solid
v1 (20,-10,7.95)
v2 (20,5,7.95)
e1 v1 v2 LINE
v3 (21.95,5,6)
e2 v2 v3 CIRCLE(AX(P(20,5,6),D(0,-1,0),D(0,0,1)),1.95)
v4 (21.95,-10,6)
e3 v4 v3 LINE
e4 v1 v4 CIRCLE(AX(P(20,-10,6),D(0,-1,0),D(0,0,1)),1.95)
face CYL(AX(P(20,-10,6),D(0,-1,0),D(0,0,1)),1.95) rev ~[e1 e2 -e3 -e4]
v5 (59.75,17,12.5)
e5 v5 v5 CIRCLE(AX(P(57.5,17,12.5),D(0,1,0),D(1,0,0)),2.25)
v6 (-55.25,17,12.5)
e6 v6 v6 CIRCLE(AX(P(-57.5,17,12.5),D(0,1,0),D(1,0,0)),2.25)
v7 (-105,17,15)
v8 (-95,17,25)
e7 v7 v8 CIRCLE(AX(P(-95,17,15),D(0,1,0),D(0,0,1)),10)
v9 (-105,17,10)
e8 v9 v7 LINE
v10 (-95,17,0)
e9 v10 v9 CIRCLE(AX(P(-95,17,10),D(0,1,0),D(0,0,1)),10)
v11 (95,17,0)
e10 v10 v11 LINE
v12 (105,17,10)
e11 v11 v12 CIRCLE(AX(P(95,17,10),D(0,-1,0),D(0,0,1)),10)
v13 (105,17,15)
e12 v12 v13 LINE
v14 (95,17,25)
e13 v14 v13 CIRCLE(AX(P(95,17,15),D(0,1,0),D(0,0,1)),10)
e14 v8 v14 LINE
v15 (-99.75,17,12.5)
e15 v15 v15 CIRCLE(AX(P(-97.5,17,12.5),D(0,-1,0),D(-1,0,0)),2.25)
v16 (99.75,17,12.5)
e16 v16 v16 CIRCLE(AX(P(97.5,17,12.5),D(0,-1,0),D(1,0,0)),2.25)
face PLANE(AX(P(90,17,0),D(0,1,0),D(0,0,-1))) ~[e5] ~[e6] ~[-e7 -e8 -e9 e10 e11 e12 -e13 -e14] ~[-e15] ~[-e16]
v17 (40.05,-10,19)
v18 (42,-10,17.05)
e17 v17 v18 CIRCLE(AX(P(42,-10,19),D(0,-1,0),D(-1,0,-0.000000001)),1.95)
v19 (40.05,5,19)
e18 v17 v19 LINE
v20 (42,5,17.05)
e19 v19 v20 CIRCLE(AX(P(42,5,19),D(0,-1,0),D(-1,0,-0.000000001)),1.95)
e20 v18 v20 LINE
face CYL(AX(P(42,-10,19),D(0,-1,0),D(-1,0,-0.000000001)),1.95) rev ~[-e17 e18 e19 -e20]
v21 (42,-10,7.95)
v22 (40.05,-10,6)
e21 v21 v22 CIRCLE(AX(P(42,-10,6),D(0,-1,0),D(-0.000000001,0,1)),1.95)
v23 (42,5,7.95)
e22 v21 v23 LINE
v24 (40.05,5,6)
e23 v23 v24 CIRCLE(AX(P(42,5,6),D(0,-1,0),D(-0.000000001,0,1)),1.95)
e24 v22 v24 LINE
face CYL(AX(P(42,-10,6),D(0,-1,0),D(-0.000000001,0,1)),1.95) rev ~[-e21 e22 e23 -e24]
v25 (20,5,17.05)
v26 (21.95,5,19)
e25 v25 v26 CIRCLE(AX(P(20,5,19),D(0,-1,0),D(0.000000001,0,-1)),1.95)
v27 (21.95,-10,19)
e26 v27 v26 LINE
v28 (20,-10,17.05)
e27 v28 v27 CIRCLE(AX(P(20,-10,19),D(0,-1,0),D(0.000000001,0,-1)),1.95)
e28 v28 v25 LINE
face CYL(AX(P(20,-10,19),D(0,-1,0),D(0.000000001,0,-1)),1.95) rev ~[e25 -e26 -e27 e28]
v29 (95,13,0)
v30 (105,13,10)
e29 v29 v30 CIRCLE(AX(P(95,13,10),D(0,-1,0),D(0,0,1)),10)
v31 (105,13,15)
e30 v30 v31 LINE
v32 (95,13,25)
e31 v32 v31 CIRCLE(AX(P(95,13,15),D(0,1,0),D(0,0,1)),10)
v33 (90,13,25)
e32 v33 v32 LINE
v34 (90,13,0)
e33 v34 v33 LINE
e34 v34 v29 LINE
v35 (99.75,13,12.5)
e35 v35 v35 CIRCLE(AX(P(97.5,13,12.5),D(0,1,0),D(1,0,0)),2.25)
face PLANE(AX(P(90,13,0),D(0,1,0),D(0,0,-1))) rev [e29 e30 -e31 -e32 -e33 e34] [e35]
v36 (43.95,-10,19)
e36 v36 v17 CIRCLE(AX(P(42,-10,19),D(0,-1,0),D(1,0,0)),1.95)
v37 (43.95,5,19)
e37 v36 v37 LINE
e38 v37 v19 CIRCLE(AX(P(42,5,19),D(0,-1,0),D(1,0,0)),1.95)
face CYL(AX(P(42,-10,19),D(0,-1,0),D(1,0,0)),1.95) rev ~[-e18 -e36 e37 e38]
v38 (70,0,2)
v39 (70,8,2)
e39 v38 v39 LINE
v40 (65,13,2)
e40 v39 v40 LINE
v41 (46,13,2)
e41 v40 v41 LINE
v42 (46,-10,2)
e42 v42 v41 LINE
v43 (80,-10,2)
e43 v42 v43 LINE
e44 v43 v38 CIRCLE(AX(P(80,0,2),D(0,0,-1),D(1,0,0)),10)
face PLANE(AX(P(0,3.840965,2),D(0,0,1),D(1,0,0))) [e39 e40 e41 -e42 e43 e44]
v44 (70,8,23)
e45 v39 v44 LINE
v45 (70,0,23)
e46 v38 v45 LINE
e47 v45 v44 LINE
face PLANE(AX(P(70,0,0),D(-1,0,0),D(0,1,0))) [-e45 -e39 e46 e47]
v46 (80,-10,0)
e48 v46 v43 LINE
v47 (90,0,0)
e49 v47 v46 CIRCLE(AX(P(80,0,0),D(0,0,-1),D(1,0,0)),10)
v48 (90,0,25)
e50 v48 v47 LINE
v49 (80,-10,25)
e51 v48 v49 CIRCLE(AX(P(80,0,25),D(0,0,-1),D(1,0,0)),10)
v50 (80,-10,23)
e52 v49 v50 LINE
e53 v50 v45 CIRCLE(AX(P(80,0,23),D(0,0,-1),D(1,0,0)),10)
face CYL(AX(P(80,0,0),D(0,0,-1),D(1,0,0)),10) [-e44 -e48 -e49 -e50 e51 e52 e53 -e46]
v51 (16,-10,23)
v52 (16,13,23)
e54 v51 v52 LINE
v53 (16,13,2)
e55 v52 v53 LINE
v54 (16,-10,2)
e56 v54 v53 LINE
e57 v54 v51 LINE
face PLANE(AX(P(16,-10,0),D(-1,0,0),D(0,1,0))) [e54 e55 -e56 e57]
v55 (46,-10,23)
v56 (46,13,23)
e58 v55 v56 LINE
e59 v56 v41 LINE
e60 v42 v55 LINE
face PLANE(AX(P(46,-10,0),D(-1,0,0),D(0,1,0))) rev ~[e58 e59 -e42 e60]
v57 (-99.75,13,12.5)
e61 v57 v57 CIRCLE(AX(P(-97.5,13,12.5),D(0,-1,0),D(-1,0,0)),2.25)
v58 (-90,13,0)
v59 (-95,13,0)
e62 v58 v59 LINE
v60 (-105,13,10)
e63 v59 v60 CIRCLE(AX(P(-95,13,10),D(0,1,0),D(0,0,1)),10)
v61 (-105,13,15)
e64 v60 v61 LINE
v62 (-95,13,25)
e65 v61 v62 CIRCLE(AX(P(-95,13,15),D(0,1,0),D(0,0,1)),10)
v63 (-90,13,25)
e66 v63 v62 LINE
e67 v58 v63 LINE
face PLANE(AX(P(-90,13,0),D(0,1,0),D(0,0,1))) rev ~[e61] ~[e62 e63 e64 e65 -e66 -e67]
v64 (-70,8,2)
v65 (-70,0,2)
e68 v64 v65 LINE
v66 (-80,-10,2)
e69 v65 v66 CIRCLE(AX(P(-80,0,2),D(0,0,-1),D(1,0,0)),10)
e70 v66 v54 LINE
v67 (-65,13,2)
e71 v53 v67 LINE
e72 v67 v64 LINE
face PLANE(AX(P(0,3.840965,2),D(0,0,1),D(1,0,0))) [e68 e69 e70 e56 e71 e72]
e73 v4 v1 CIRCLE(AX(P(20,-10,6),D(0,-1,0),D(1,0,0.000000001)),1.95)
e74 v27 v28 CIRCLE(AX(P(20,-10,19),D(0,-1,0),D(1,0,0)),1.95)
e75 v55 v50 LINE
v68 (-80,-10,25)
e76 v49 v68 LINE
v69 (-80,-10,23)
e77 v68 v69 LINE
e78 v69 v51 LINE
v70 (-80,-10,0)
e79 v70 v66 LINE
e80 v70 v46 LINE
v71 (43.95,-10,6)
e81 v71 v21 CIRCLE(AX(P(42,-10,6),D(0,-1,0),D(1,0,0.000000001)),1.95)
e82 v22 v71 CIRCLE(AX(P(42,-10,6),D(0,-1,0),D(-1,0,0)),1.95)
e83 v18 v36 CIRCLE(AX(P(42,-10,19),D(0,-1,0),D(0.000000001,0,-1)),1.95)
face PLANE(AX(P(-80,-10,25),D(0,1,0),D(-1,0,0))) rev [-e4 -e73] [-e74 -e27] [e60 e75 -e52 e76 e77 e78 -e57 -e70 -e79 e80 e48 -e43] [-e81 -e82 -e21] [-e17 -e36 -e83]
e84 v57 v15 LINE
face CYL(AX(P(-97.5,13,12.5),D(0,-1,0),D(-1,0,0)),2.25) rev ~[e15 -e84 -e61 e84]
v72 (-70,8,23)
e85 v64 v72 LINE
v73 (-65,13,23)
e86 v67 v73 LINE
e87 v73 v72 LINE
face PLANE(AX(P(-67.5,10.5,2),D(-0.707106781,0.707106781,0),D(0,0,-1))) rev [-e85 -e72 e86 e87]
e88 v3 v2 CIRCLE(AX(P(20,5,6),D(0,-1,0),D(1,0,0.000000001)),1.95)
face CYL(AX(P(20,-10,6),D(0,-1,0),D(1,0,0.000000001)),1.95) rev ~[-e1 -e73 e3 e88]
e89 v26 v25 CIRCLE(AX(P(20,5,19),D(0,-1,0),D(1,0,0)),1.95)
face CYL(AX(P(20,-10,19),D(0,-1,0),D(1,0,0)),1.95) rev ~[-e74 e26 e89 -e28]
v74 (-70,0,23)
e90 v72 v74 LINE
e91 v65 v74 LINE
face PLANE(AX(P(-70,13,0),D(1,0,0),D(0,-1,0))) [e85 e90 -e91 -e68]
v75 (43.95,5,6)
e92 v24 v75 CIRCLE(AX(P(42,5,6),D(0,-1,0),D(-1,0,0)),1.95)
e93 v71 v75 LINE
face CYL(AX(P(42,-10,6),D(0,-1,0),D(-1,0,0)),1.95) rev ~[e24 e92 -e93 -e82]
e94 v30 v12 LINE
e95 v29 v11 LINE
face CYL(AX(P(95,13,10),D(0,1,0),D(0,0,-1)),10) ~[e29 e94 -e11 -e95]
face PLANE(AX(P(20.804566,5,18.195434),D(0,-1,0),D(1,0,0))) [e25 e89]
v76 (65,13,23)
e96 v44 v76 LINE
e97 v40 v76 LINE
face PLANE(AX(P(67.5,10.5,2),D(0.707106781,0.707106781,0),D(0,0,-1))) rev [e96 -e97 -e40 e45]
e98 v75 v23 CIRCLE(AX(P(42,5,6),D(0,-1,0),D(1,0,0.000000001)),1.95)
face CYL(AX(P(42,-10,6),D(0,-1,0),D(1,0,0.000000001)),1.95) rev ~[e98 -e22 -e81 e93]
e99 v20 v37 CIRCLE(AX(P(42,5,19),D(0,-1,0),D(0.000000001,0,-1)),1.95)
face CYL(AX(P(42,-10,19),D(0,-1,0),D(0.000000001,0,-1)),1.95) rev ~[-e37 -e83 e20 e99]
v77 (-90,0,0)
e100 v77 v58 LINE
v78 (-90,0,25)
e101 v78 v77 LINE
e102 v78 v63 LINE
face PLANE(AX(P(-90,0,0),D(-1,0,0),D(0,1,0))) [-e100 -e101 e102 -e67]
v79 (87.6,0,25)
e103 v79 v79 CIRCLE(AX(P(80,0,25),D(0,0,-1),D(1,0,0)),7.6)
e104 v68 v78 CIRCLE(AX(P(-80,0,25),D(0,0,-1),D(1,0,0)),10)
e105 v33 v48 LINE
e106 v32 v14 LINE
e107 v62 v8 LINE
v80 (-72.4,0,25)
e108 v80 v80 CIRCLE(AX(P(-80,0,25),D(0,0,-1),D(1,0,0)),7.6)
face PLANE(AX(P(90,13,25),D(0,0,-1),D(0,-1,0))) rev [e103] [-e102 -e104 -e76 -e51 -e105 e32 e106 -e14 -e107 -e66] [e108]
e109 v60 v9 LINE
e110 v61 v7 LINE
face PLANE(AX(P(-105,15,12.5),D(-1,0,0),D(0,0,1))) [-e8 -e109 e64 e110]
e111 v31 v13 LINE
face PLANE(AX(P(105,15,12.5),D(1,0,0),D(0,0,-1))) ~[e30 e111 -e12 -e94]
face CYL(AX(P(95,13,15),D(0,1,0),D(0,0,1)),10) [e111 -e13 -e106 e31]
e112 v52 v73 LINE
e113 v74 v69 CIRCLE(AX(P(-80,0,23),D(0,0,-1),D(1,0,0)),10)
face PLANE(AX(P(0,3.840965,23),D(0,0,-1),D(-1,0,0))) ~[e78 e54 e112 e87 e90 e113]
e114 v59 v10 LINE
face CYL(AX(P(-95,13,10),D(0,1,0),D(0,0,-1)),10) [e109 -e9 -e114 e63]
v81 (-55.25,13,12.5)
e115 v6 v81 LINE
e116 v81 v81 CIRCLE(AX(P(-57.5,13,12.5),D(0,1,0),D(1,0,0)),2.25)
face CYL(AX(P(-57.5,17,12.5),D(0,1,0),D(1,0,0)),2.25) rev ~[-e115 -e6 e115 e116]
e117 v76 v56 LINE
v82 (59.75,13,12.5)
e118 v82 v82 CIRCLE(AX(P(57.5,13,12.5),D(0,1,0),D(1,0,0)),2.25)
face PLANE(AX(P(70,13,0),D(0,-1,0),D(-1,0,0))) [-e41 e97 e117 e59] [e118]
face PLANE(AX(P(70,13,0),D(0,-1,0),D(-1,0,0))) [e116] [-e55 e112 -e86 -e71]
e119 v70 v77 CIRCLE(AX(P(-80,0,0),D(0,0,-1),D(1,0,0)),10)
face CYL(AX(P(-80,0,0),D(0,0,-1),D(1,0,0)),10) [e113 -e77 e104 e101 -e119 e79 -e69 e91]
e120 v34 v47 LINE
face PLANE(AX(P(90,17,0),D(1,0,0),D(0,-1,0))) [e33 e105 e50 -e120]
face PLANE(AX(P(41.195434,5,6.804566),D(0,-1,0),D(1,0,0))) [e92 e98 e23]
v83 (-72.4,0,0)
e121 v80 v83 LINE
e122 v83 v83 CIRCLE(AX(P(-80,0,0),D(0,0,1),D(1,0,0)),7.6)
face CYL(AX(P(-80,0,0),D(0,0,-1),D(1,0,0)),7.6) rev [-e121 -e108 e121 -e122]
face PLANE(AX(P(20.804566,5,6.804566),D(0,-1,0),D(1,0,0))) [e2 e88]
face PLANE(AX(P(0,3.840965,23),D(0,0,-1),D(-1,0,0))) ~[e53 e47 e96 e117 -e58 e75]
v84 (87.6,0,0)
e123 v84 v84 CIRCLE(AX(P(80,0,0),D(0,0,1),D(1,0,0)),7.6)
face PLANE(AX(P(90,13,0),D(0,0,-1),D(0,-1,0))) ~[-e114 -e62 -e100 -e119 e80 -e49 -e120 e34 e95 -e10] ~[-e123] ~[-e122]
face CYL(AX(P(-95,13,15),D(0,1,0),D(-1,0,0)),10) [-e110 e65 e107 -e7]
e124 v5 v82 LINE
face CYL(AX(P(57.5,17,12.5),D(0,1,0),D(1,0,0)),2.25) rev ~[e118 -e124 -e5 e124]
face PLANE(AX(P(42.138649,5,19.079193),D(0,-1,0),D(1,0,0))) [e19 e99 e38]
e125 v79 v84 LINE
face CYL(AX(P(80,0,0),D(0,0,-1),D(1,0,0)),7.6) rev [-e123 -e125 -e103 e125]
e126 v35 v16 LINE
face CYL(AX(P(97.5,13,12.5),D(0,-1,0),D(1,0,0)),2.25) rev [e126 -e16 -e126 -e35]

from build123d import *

# Parameters (mm, degrees)
SKETCH1_R            = 7.6
BOSS_EXTRUDE1_DEPTH  = 25
SKETCH2_W            = 30
SKETCH2_H            = 27
BOSS_EXTRUDE2_DEPTH  = 25
SKETCH3_R            = 7.6
BOSS_EXTRUDE3_DEPTH  = 2
CHAMFER1_SIZE        = 5
SKETCH5_W            = 25
SKETCH5_H            = 4
BOSS_EXTRUDE4_DEPTH  = 15
SKETCH6_R            = 2.25
CUT_EXTRUDE2_DEPTH   = 15
FILLET1_R            = 10
FILLET1_OF_MIRROR2_R = 10
SKETCH7_R            = 2.25
CUT_EXTRUDE3_DEPTH   = 15
CUT_EXTRUDE4_DEPTH   = 15


with BuildPart() as part:
    # Sketch1 → Boss-Extrude1 (new body)
    with BuildSketch(Plane.XY):
        with BuildLine():
            Line((-90, 0), (-90, 17))
            Line((-90, 17), (90, 17))
            Line((90, 17), (90, 0))
            ThreePointArc((90, 0), (80, -10), (70, 0))
            Line((70, 0), (70, 13))
            Line((70, 13), (-70, 13))
            Line((-70, 13), (-70, 0))
            ThreePointArc((-70, 0), (-80, -10), (-90, 0))
        make_face()
        with Locations((-80, 0)):
            Circle(SKETCH1_R, mode=Mode.SUBTRACT)
        with Locations((80, 0)):
            Circle(SKETCH1_R, mode=Mode.SUBTRACT)
    extrude(amount=BOSS_EXTRUDE1_DEPTH)

    # Sketch2 → Boss-Extrude2 (add)
    with BuildSketch(Plane(origin=(0, 0, 0), x_dir=(-1, 0, 0), z_dir=(0, 0, -1))):
        with Locations((-31, 3.5)):
            Rectangle(SKETCH2_W, SKETCH2_H)
    extrude(amount=-BOSS_EXTRUDE2_DEPTH)

    # Sketch3 → Boss-Extrude3 (add)
    with BuildSketch(Plane(origin=(0, 0, 0), x_dir=(-1, 0, 0), z_dir=(0, 0, -1))):
        with BuildLine():
            Line((80, -10), (-12, -10))
            Line((-12, -10), (-42, -10))
            Line((-42, -10), (-80, -10))
            ThreePointArc((-80, -10), (-87.071067812, -7.071067812), (-90, 0))
            Line((-90, 0), (-90, 17))
            Line((-90, 17), (90, 17))
            Line((90, 17), (90, 0))
            ThreePointArc((90, 0), (87.071067812, -7.071067812), (80, -10))
        make_face()
        with Locations((80, 0)):
            Circle(SKETCH3_R, mode=Mode.SUBTRACT)
        with Locations((-80, 0)):
            Circle(SKETCH3_R, mode=Mode.SUBTRACT)
    boss_extrude3 = extrude(amount=-BOSS_EXTRUDE3_DEPTH)

    # Mirror1: Boss-Extrude3 across plane
    add(boss_extrude3.mirror(Plane.XY.offset(12.5)))

    # Chamfer1
    chamfer1_edges = [part.edges().sort_by_distance(p)[0] for p in [
        (70, 13, 12.5),
        (-70, 13, 12.5),
    ]]
    chamfer(chamfer1_edges, length=CHAMFER1_SIZE)

    # Sketch5 → Boss-Extrude4 (add)
    with BuildSketch(Plane.ZY.offset(90)):
        with Locations((12.5, 15)):
            Rectangle(SKETCH5_W, SKETCH5_H)
    boss_extrude4 = extrude(amount=BOSS_EXTRUDE4_DEPTH)

    # Sketch6 → Cut-Extrude2 (cut)
    with BuildSketch(Plane(origin=(0, 13, 0), x_dir=(-1, 0, 0), z_dir=(0, -1, 0))):
        with Locations((97.5, -12.5)):
            Circle(SKETCH6_R)
    cut_extrude2 = extrude(amount=-CUT_EXTRUDE2_DEPTH, mode=Mode.SUBTRACT)

    # Fillet1
    fillet1_edges = [part.edges().sort_by_distance(p)[0] for p in [
        (-105, 15, 0),
        (-105, 15, 25),
    ]]
    fillet(fillet1_edges, radius=FILLET1_R)

    # Mirror2: Boss-Extrude4 across plane
    add(boss_extrude4.mirror(Plane(origin=(0, 0, 0), x_dir=(0, 0, 1), z_dir=(1, 0, 0))))

    # Fillet1 of Mirror2
    fillet1_of_mirror2_edges = [part.edges().sort_by_distance(p)[0] for p in [
        (105, 15, 0),
        (105, 15, 25),
    ]]
    fillet(fillet1_of_mirror2_edges, radius=FILLET1_OF_MIRROR2_R)

    # Mirror4: Cut-Extrude2 across plane
    add(cut_extrude2.mirror(Plane(origin=(0, 0, 0), x_dir=(0, 0, 1), z_dir=(1, 0, 0))), mode=Mode.SUBTRACT)

    # Sketch7 → Cut-Extrude3 (cut)
    with BuildSketch(Plane(origin=(0, 17, 0), x_dir=(1, 0, 0), z_dir=(0, 1, 0))):
        with Locations((-57.5, -12.5)):
            Circle(SKETCH7_R)
        with Locations((57.5, -12.5)):
            Circle(SKETCH7_R)
    extrude(amount=-CUT_EXTRUDE3_DEPTH, mode=Mode.SUBTRACT)

    # Sketch8 → Cut-Extrude4 (cut)
    with BuildSketch(Plane.XZ.offset(10)):
        with BuildLine():
            Line((21.95, 19), (20, 19))
            Line((20, 19), (20, 17.05))
            ThreePointArc((20, 17.05), (21.378858223, 17.621141777), (21.95, 19))
        make_face()
        with BuildLine():
            Line((20, 17.05), (20, 19))
            Line((20, 19), (21.95, 19))
            ThreePointArc((21.95, 19), (18.621141777, 20.378858223), (20, 17.05))
        make_face()
        with BuildLine():
            ThreePointArc((43.95, 19), (42, 20.95), (40.05, 19))
            Line((40.05, 19), (42, 19))
            Line((42, 19), (42, 17.05))
            ThreePointArc((42, 17.05), (43.378858223, 17.621141777), (43.95, 19))
        make_face()
        with BuildLine():
            Line((42, 19), (40.05, 19))
            ThreePointArc((40.05, 19), (40.621141777, 17.621141777), (42, 17.05))
            Line((42, 17.05), (42, 19))
        make_face()
        with BuildLine():
            ThreePointArc((42, 7.95), (40.621141777, 7.378858223), (40.05, 6))
            Line((40.05, 6), (42, 6))
            Line((42, 6), (42, 7.95))
        make_face()
        with BuildLine():
            Line((42, 6), (40.05, 6))
            ThreePointArc((40.05, 6), (42, 4.05), (43.95, 6))
            ThreePointArc((43.95, 6), (43.378858223, 7.378858223), (42, 7.95))
            Line((42, 7.95), (42, 6))
        make_face()
        with BuildLine():
            ThreePointArc((21.95, 6), (21.378858223, 7.378858223), (20, 7.95))
            Line((20, 7.95), (20, 6))
            Line((20, 6), (21.95, 6))
        make_face()
        with BuildLine():
            Line((20, 6), (20, 7.95))
            ThreePointArc((20, 7.95), (18.621141777, 4.621141777), (21.95, 6))
            Line((21.95, 6), (20, 6))
        make_face()
    extrude(amount=-CUT_EXTRUDE4_DEPTH, mode=Mode.SUBTRACT)


solid = part.part
